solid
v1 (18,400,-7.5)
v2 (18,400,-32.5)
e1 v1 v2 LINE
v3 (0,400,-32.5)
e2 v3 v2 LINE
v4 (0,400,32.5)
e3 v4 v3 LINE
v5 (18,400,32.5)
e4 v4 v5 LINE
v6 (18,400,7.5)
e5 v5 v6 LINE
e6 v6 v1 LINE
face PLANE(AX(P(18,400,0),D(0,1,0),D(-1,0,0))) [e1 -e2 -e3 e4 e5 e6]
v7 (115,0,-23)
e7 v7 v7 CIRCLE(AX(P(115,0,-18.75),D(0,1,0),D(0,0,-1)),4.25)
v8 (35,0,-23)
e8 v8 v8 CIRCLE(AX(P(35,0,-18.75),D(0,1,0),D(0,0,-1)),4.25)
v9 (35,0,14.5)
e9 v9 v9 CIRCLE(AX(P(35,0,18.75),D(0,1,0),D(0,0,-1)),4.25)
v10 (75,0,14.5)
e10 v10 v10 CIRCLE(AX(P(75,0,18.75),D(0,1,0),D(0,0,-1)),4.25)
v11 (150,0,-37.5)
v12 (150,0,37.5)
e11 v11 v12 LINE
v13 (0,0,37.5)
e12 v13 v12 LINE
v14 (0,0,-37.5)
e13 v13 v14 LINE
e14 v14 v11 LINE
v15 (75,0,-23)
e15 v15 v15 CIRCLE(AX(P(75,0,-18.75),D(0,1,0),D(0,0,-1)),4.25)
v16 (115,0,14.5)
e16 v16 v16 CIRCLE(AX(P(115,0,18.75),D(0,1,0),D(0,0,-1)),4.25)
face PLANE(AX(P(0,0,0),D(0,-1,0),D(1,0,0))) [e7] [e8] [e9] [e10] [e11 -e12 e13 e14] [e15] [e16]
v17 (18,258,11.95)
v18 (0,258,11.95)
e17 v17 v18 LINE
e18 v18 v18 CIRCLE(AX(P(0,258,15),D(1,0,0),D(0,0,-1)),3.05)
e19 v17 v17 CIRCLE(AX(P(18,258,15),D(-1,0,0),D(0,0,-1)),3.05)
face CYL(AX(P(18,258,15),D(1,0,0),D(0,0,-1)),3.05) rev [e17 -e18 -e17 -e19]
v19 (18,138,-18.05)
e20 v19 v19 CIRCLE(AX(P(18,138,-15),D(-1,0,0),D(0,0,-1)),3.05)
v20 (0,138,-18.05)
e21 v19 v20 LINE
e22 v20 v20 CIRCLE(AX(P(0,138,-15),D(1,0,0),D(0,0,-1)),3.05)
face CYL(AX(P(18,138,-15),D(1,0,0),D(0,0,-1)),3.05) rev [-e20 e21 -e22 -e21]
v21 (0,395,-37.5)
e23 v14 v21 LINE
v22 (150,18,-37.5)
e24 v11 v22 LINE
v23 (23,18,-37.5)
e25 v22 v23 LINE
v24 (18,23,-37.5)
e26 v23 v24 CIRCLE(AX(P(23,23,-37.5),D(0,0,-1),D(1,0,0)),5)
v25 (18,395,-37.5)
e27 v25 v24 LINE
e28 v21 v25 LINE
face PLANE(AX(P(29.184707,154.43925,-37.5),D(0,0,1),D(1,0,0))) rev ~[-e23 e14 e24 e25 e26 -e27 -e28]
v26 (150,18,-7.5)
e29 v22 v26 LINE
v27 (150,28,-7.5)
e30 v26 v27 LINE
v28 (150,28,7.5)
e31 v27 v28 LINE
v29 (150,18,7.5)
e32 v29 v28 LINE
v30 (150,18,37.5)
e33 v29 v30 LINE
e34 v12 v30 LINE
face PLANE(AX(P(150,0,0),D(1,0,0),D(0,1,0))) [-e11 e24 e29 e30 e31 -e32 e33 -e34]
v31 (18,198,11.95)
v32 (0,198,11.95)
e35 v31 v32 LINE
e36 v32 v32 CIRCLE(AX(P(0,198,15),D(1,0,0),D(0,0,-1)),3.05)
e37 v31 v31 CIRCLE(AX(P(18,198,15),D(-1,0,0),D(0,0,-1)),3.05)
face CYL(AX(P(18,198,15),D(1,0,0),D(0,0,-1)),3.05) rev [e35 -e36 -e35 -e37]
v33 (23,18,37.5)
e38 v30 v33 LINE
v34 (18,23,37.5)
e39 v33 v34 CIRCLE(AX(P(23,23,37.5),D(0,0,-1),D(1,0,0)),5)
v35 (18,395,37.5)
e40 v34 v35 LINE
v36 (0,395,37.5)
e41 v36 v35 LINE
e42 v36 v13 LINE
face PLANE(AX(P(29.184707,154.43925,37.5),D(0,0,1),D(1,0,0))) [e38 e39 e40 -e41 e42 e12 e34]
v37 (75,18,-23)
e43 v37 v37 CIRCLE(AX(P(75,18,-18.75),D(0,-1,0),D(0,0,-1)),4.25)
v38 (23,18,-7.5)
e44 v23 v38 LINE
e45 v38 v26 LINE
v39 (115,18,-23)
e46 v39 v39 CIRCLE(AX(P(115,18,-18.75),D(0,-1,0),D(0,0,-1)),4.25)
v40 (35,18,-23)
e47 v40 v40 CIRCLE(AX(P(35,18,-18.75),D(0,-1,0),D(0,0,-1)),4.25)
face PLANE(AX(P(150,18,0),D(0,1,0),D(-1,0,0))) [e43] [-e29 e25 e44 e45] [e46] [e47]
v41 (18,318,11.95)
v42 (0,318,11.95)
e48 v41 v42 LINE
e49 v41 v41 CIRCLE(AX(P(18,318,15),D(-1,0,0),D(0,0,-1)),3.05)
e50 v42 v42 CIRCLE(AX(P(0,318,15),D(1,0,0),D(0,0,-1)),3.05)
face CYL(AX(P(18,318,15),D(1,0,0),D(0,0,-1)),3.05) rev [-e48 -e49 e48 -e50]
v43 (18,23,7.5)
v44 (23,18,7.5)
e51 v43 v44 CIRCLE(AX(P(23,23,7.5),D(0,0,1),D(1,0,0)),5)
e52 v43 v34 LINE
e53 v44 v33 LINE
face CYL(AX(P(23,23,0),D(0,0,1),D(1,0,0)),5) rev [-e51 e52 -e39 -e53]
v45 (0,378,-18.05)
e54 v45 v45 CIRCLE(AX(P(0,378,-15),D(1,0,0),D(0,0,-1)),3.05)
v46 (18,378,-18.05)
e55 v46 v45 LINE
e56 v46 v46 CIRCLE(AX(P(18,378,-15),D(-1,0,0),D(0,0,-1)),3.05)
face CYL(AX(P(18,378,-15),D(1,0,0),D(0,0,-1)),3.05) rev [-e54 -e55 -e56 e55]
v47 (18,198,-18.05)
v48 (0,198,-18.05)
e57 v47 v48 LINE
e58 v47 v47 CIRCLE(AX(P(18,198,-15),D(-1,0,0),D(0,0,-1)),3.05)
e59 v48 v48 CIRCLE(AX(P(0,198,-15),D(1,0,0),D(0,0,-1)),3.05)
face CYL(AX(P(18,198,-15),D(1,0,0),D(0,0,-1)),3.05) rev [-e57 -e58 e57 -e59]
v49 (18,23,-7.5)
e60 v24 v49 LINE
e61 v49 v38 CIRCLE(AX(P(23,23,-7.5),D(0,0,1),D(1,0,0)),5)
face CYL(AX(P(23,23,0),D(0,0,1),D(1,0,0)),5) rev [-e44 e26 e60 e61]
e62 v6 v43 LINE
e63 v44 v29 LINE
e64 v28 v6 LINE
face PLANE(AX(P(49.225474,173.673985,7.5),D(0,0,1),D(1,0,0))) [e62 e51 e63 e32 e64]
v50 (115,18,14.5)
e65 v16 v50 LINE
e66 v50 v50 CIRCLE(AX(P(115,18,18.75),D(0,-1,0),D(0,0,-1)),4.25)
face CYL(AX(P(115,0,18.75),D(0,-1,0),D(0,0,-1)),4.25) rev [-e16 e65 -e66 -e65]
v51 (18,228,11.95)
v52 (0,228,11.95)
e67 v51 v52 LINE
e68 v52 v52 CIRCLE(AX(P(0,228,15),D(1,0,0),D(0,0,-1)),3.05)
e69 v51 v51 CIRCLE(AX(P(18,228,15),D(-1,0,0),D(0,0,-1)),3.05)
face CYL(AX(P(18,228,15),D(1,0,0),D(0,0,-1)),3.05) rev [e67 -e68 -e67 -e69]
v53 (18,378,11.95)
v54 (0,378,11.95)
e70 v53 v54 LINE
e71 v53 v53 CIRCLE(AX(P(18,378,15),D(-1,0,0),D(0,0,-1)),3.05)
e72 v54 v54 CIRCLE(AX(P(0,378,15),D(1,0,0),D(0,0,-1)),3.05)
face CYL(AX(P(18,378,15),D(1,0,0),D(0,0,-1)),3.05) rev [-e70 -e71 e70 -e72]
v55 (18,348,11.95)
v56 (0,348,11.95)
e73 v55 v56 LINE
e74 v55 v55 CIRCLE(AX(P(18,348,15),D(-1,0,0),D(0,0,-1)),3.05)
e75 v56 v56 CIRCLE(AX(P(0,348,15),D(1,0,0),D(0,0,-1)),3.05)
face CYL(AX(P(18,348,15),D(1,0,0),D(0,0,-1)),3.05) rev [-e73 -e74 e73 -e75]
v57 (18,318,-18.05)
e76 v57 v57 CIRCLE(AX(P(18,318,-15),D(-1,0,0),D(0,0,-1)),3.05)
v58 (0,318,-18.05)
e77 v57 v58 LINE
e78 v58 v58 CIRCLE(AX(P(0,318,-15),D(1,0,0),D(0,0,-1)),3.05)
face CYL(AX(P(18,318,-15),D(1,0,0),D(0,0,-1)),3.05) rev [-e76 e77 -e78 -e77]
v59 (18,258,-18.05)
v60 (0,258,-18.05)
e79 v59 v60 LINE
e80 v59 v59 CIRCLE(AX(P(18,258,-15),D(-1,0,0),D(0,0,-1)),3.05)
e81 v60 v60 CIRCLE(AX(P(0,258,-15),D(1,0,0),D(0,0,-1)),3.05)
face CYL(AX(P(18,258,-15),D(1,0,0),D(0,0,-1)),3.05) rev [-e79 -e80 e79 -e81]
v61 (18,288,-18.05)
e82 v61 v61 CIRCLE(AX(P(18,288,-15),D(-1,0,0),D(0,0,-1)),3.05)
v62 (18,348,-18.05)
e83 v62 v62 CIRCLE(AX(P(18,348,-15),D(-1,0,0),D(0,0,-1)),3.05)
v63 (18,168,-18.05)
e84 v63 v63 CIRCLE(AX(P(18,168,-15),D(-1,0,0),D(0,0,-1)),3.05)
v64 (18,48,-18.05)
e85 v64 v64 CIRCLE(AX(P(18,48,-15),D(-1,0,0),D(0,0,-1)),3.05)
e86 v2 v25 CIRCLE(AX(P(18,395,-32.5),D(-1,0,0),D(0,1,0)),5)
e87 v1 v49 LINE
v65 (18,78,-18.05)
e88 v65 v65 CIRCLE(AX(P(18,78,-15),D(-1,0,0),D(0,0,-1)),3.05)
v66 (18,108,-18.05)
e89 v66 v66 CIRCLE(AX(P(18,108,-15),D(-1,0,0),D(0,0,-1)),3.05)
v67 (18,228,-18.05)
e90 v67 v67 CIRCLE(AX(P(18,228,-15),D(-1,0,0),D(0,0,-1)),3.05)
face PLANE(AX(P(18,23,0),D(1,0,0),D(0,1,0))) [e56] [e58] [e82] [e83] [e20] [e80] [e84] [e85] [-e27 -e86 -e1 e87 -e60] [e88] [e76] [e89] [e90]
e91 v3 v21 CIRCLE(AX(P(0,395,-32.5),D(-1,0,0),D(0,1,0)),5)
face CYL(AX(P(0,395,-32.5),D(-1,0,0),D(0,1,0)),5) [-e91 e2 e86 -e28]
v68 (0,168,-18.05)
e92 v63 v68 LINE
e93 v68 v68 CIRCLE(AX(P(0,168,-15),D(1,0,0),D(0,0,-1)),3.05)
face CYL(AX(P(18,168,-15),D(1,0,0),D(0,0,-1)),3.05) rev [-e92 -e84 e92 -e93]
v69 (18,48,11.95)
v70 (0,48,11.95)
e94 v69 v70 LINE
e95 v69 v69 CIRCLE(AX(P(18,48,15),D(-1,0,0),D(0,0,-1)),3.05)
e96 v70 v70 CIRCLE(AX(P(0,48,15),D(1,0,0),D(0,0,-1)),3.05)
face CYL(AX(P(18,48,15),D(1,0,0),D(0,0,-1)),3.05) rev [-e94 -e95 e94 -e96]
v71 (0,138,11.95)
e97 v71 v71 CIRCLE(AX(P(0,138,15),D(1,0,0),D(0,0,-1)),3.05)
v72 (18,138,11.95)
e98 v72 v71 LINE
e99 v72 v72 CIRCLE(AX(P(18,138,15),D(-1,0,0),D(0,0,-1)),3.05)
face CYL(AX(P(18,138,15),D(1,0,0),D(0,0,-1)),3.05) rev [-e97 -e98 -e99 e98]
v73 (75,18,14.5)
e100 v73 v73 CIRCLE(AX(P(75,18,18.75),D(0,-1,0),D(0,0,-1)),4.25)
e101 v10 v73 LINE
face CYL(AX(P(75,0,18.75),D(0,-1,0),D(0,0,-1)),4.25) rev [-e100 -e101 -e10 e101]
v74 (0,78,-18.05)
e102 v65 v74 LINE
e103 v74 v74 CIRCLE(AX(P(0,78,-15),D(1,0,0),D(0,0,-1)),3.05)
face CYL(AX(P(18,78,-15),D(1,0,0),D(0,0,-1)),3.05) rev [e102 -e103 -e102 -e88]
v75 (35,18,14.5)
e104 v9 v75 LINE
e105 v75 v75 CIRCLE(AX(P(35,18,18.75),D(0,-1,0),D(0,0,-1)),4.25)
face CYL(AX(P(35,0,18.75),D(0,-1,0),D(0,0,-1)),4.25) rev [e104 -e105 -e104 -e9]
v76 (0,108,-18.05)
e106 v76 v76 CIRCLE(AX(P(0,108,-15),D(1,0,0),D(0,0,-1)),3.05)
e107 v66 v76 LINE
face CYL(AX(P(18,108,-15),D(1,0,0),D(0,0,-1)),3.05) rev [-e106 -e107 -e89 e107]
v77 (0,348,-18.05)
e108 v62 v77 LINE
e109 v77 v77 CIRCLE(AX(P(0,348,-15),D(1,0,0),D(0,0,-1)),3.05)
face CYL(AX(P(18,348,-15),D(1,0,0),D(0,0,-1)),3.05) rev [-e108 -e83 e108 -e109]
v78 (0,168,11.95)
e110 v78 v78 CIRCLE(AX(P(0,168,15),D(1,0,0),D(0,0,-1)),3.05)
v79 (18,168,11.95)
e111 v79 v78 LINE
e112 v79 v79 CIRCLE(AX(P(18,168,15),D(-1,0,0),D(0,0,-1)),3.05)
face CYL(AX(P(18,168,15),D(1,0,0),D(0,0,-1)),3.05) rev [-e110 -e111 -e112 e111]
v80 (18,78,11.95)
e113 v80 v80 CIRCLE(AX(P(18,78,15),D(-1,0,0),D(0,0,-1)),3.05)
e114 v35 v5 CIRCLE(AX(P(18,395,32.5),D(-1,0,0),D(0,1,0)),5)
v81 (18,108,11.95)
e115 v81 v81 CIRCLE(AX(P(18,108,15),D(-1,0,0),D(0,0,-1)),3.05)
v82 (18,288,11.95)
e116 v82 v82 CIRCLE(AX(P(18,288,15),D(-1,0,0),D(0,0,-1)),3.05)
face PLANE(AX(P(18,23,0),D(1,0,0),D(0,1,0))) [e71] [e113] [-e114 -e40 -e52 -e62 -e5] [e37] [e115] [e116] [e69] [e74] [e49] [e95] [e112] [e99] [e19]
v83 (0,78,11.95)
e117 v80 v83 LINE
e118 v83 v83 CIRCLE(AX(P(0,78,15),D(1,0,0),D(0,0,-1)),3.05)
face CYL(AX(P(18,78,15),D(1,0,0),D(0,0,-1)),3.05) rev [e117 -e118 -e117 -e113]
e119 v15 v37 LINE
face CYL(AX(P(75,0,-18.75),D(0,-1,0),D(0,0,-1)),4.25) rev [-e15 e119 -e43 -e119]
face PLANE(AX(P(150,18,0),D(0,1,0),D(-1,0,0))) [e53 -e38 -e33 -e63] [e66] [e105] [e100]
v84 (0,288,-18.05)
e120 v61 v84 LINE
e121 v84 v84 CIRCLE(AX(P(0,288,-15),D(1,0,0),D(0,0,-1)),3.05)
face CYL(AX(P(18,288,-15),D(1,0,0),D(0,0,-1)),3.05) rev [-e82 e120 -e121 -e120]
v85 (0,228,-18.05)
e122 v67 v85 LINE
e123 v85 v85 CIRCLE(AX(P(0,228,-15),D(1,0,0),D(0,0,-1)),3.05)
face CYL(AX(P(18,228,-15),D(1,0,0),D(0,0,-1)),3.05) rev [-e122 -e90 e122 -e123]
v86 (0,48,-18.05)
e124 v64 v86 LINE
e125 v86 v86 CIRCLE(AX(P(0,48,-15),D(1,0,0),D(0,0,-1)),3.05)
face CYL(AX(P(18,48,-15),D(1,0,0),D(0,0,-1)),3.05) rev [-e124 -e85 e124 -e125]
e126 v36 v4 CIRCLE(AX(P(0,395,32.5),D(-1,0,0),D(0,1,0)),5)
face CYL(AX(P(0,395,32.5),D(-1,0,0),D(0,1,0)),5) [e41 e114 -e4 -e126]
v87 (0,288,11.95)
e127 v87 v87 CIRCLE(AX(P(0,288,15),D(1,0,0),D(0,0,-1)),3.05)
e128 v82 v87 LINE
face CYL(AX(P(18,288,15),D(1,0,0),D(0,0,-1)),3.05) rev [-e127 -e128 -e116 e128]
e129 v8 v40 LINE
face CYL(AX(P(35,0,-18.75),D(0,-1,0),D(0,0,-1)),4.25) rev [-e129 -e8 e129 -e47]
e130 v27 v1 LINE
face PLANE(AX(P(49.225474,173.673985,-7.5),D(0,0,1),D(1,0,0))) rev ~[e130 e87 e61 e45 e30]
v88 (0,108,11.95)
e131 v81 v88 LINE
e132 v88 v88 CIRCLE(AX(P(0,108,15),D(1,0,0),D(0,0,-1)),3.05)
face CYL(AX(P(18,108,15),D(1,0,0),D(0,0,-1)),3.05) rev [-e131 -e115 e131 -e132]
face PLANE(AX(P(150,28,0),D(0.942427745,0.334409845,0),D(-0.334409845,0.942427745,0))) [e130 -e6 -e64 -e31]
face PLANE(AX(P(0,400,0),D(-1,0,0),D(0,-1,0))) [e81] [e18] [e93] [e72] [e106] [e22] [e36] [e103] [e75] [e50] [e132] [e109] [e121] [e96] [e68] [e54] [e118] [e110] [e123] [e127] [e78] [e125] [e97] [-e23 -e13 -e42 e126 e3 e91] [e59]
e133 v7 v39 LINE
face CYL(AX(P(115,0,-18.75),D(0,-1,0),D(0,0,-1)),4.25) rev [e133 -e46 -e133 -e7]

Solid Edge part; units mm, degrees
sketch "Sketch1" plane through (0, 0, 0) normal (0, 0, 1) x (1, 0, 0)
  line L0 (0, 0) -> (150, 0)
  line L1 (150, 0) -> (150, 18)
  line L2 (150, 18) -> (23, 18)
  arc A0 (23, 18) -> (18, 23) centre (23, 23) cw
  line L3 (18, 23) -> (18, 400)
  line L4 (18, 400) -> (0, 400)
  line L5 (0, 400) -> (0, 0)
extrude "ExtrudedProtrusion_1" add sketch "Sketch1" against normal blind 37.5 and the other way blind 37.5
sketch "Sketch2" plane through (0, 0, 0) normal (0, 0, 1) x (1, 0, 0)
  line L0 (0, 0) -> (150, 0)
  line L1 (150, 0) -> (150, 28)
  line L2 (150, 28) -> (18, 400)
  line L3 (18, 400) -> (0, 400)
  line L4 (0, 400) -> (0, 0)
extrude "ExtrudedProtrusion_2" add sketch "Sketch2" against normal blind 7.5 and the other way blind 7.5
sketch "Sketch3" plane through (0, 0, 0) normal (1, 0, 0) x (0, 1, 0)
  line L0 (390, 47.5) -> (390, 37.5)
  line L1 (390, 37.5) -> (395, 37.5)
  arc A0 (395, 37.5) -> (400, 32.5) centre (395, 32.5) cw
  line L2 (400, 32.5) -> (400, -32.5)
  arc A1 (400, -32.5) -> (395, -37.5) centre (395, -32.5) cw
  line L3 (395, -37.5) -> (390, -37.5)
  line L4 (390, -37.5) -> (390, -47.5)
  line L5 (390, -47.5) -> (410, -47.5)
  line L6 (410, -47.5) -> (410, 47.5)
  line L7 (410, 47.5) -> (390, 47.5)
extrude "ExtrudedCutout_1" cut sketch "Sketch3" along normal blind 18
hole "Hole_1" at (75, 0, 18.75) direction (0, 1, 0) diameter 8.5 end up to next
hole "Hole1" at (115, 0, 18.75) direction (0, 1, 0) diameter 8.5 end up to next
hole "Hole2" at (35, 0, -18.75) direction (0, 1, 0) diameter 8.5 end up to next
hole "Hole3" at (75, 0, -18.75) direction (0, 1, 0) diameter 8.5 end up to next
hole "Hole4" at (115, 0, -18.75) direction (0, 1, 0) diameter 8.5 end up to next
hole "Hole5" at (35, 0, 18.75) direction (0, 1, 0) diameter 8.5 end up to next
hole "Hole_7" at (18, 78, -15) direction (-1, 0, 0) diameter 6.1 end up to next
hole "Hole6" at (18, 108, -15) direction (-1, 0, 0) diameter 6.1 end up to next
hole "Hole7" at (18, 138, -15) direction (-1, 0, 0) diameter 6.1 end up to next
hole "Hole8" at (18, 168, -15) direction (-1, 0, 0) diameter 6.1 end up to next
hole "Hole9" at (18, 198, -15) direction (-1, 0, 0) diameter 6.1 end up to next
hole "Hole10" at (18, 228, -15) direction (-1, 0, 0) diameter 6.1 end up to next
hole "Hole11" at (18, 48, 15) direction (-1, 0, 0) diameter 6.1 end up to next
hole "Hole12" at (18, 78, 15) direction (-1, 0, 0) diameter 6.1 end up to next
hole "Hole13" at (18, 108, 15) direction (-1, 0, 0) diameter 6.1 end up to next
hole "Hole14" at (18, 138, 15) direction (-1, 0, 0) diameter 6.1 end up to next
hole "Hole15" at (18, 168, 15) direction (-1, 0, 0) diameter 6.1 end up to next
hole "Hole16" at (18, 198, 15) direction (-1, 0, 0) diameter 6.1 end up to next
hole "Hole17" at (18, 228, 15) direction (-1, 0, 0) diameter 6.1 end up to next
hole "Hole18" at (18, 258, 15) direction (-1, 0, 0) diameter 6.1 end up to next
hole "Hole19" at (18, 288, 15) direction (-1, 0, 0) diameter 6.1 end up to next
hole "Hole20" at (18, 318, 15) direction (-1, 0, 0) diameter 6.1 end up to next
hole "Hole21" at (18, 348, 15) direction (-1, 0, 0) diameter 6.1 end up to next
hole "Hole22" at (18, 378, 15) direction (-1, 0, 0) diameter 6.1 end up to next
hole "Hole23" at (18, 258, -15) direction (-1, 0, 0) diameter 6.1 end up to next
hole "Hole24" at (18, 288, -15) direction (-1, 0, 0) diameter 6.1 end up to next
hole "Hole25" at (18, 318, -15) direction (-1, 0, 0) diameter 6.1 end up to next
hole "Hole26" at (18, 348, -15) direction (-1, 0, 0) diameter 6.1 end up to next
hole "Hole27" at (18, 378, -15) direction (-1, 0, 0) diameter 6.1 end up to next
hole "Hole28" at (18, 48, -15) direction (-1, 0, 0) diameter 6.1 end up to next
